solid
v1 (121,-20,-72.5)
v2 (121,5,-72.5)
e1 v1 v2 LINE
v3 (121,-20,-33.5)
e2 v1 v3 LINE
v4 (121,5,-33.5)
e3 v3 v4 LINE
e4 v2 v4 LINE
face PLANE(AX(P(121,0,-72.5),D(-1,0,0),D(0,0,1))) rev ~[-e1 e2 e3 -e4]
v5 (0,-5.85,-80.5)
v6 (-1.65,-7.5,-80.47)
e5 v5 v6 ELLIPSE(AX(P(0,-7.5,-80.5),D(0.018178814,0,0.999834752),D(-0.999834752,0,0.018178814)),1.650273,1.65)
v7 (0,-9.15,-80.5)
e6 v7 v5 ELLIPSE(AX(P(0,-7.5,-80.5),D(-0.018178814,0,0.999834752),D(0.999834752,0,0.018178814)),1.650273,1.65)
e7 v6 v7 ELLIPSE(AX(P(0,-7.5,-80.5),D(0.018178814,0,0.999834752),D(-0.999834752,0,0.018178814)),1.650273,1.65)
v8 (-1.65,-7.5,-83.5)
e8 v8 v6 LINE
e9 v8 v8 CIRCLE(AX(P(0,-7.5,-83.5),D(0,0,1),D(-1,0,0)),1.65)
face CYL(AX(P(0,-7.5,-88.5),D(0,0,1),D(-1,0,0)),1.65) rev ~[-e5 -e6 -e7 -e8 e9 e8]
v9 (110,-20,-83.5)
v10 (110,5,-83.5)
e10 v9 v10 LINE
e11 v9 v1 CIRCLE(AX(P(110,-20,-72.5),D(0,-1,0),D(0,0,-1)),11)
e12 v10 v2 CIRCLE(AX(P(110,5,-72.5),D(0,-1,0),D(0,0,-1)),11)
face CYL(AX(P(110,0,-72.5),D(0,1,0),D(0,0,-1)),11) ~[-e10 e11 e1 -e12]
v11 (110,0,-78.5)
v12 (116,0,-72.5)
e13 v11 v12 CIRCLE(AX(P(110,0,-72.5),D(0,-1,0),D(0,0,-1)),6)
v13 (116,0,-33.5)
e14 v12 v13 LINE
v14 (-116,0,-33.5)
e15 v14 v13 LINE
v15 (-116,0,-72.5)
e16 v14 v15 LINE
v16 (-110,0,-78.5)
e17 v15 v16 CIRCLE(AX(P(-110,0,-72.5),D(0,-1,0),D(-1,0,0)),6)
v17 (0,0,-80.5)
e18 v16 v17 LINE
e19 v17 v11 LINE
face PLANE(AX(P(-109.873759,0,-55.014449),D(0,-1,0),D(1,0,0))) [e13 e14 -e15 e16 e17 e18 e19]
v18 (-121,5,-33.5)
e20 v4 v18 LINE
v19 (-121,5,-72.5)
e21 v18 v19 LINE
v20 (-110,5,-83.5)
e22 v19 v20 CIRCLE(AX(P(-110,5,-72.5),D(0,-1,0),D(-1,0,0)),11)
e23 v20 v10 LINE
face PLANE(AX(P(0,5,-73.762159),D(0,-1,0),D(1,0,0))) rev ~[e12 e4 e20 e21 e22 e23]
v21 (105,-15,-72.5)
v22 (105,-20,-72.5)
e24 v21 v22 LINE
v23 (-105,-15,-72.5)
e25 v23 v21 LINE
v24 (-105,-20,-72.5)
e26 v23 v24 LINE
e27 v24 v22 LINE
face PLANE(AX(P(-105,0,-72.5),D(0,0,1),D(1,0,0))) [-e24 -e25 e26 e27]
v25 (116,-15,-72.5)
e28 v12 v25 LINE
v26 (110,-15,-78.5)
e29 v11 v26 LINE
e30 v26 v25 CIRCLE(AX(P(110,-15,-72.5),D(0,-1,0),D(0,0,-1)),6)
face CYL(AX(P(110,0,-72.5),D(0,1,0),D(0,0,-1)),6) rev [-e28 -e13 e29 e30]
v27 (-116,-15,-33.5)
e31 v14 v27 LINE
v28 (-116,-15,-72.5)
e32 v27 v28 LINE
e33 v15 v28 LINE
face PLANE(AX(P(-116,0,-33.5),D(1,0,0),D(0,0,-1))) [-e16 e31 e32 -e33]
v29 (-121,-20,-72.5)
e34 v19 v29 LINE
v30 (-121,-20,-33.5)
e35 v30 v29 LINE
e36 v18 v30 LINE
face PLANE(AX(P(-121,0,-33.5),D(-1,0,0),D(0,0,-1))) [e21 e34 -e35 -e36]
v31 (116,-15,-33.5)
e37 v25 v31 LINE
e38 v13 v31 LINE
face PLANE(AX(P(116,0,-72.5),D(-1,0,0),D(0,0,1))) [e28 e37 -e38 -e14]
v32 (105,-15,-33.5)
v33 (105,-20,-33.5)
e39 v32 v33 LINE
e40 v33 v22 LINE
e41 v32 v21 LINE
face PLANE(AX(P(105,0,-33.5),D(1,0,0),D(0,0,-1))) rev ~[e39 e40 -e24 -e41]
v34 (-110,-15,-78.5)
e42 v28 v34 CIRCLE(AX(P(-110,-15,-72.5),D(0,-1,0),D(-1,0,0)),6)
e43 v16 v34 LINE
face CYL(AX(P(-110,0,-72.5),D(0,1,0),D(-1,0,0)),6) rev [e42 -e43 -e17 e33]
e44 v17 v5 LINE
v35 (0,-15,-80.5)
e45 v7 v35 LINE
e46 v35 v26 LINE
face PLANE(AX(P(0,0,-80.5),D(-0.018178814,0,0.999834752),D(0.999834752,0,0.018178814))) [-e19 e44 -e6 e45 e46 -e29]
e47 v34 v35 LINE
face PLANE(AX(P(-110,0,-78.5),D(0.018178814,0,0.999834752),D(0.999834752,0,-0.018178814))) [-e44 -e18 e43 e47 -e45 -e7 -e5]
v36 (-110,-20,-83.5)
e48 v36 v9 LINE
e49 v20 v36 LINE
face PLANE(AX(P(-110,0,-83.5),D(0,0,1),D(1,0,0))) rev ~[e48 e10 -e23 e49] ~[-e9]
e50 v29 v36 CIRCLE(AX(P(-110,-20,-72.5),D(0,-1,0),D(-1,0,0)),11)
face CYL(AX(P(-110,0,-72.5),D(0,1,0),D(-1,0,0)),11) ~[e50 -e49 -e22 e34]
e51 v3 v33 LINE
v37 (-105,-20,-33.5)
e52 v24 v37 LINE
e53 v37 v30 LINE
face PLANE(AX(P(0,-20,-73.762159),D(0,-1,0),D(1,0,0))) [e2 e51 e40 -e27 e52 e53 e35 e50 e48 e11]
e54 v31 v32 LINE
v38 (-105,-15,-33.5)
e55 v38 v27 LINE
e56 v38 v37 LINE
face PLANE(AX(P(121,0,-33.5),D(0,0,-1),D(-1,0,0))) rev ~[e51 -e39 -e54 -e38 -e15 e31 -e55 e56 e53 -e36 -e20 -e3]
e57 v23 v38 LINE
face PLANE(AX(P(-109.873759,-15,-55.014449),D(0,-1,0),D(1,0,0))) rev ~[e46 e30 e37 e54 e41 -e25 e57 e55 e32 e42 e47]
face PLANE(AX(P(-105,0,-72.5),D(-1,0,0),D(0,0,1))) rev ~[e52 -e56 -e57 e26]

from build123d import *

# Parameters (mm, degrees)
F0_W     = 210
F0_H     = 39
F0_H_2   = 5
F1_DEPTH = 5
F2_DEPTH = 20
F3_DEPTH = 15
F5_D     = 3.3
F5_DEPTH = 5
F5_TIP   = 0.9914200214


with BuildPart() as f1:
    # F0 (on Front) → F1 (new body)
    with BuildSketch(Plane.XZ):
        with BuildLine():
            Line((121, -33.5), (116, -33.5))
            Line((116, -33.5), (116, -72.5))
            ThreePointArc((116, -72.5), (114.2426406871, -76.7426406871), (110, -78.5))
            Line((110, -78.5), (0, -80.5))
            Line((0, -80.5), (-110, -78.5))
            ThreePointArc((-110, -78.5), (-114.2426406871, -76.7426406871), (-116, -72.5))
            Line((-116, -72.5), (-116, -33.5))
            Line((-116, -33.5), (-121, -33.5))
            Line((-121, -33.5), (-121, -72.5))
            ThreePointArc((-121, -72.5), (-117.7781745931, -80.2781745931), (-110, -83.5))
            Line((-110, -83.5), (110, -83.5))
            ThreePointArc((110, -83.5), (117.7781745931, -80.2781745931), (121, -72.5))
            Line((121, -72.5), (121, -33.5))
        make_face()
        with BuildLine():
            Line((116, -33.5), (115, -33.5))
            Line((115, -33.5), (115, -72.5))
            ThreePointArc((115, -72.5), (113.5355339059, -76.0355339059), (110, -77.5))
            Line((110, -77.5), (105, -77.5))
            Line((105, -77.5), (-105, -77.5))
            Line((-105, -77.5), (-110, -77.5))
            ThreePointArc((-110, -77.5), (-113.5355339059, -76.0355339059), (-115, -72.5))
            Line((-115, -72.5), (-115, -33.5))
            Line((-115, -33.5), (-116, -33.5))
            Line((-116, -33.5), (-116, -72.5))
            ThreePointArc((-116, -72.5), (-114.2426406871, -76.7426406871), (-110, -78.5))
            Line((-110, -78.5), (110, -78.5))
            ThreePointArc((110, -78.5), (114.2426406871, -76.7426406871), (116, -72.5))
            Line((116, -72.5), (116, -33.5))
        make_face()
        with BuildLine():
            Line((-105, -33.5), (-115, -33.5))
            Line((-115, -33.5), (-115, -72.5))
            ThreePointArc((-115, -72.5), (-113.5355339059, -76.0355339059), (-110, -77.5))
            Line((-110, -77.5), (-105, -77.5))
            Line((-105, -77.5), (-105, -72.5))
            Line((-105, -72.5), (-105, -33.5))
        make_face()
        with BuildLine():
            Line((115, -72.5), (115, -33.5))
            Line((115, -33.5), (105, -33.5))
            Line((105, -33.5), (105, -72.5))
            Line((105, -72.5), (105, -77.5))
            Line((105, -77.5), (110, -77.5))
            ThreePointArc((110, -77.5), (113.5355339059, -76.0355339059), (115, -72.5))
        make_face()
        with Locations((0, -53)):
            Rectangle(F0_W, F0_H)
        with Locations((0, -75)):
            Rectangle(F0_W, F0_H_2)
        Polygon((0, -80.5), (110, -78.5), (-110, -78.5), align=None)
    extrude(amount=-F1_DEPTH)

    # F0 (on Front) → F2 (join)
    with BuildSketch(Plane.XZ):
        with BuildLine():
            Line((121, -33.5), (116, -33.5))
            Line((116, -33.5), (116, -72.5))
            ThreePointArc((116, -72.5), (114.2426406871, -76.7426406871), (110, -78.5))
            Line((110, -78.5), (0, -80.5))
            Line((0, -80.5), (-110, -78.5))
            ThreePointArc((-110, -78.5), (-114.2426406871, -76.7426406871), (-116, -72.5))
            Line((-116, -72.5), (-116, -33.5))
            Line((-116, -33.5), (-121, -33.5))
            Line((-121, -33.5), (-121, -72.5))
            ThreePointArc((-121, -72.5), (-117.7781745931, -80.2781745931), (-110, -83.5))
            Line((-110, -83.5), (110, -83.5))
            ThreePointArc((110, -83.5), (117.7781745931, -80.2781745931), (121, -72.5))
            Line((121, -72.5), (121, -33.5))
        make_face()
        with BuildLine():
            Line((116, -33.5), (115, -33.5))
            Line((115, -33.5), (115, -72.5))
            ThreePointArc((115, -72.5), (113.5355339059, -76.0355339059), (110, -77.5))
            Line((110, -77.5), (105, -77.5))
            Line((105, -77.5), (-105, -77.5))
            Line((-105, -77.5), (-110, -77.5))
            ThreePointArc((-110, -77.5), (-113.5355339059, -76.0355339059), (-115, -72.5))
            Line((-115, -72.5), (-115, -33.5))
            Line((-115, -33.5), (-116, -33.5))
            Line((-116, -33.5), (-116, -72.5))
            ThreePointArc((-116, -72.5), (-114.2426406871, -76.7426406871), (-110, -78.5))
            Line((-110, -78.5), (110, -78.5))
            ThreePointArc((110, -78.5), (114.2426406871, -76.7426406871), (116, -72.5))
            Line((116, -72.5), (116, -33.5))
        make_face()
        with BuildLine():
            Line((-105, -33.5), (-115, -33.5))
            Line((-115, -33.5), (-115, -72.5))
            ThreePointArc((-115, -72.5), (-113.5355339059, -76.0355339059), (-110, -77.5))
            Line((-110, -77.5), (-105, -77.5))
            Line((-105, -77.5), (-105, -72.5))
            Line((-105, -72.5), (-105, -33.5))
        make_face()
        with BuildLine():
            Line((115, -72.5), (115, -33.5))
            Line((115, -33.5), (105, -33.5))
            Line((105, -33.5), (105, -72.5))
            Line((105, -72.5), (105, -77.5))
            Line((105, -77.5), (110, -77.5))
            ThreePointArc((110, -77.5), (113.5355339059, -76.0355339059), (115, -72.5))
        make_face()
        Polygon((0, -80.5), (110, -78.5), (-110, -78.5), align=None)
        with Locations((0, -75)):
            Rectangle(F0_W, F0_H_2)
    extrude(amount=F2_DEPTH)

    # F0 (on Front) → F3 (cut)
    with BuildSketch(Plane.XZ):
        with BuildLine():
            Line((-105, -33.5), (-115, -33.5))
            Line((-115, -33.5), (-115, -72.5))
            ThreePointArc((-115, -72.5), (-113.5355339059, -76.0355339059), (-110, -77.5))
            Line((-110, -77.5), (-105, -77.5))
            Line((-105, -77.5), (-105, -72.5))
            Line((-105, -72.5), (-105, -33.5))
        make_face()
        with BuildLine():
            Line((116, -33.5), (115, -33.5))
            Line((115, -33.5), (115, -72.5))
            ThreePointArc((115, -72.5), (113.5355339059, -76.0355339059), (110, -77.5))
            Line((110, -77.5), (105, -77.5))
            Line((105, -77.5), (-105, -77.5))
            Line((-105, -77.5), (-110, -77.5))
            ThreePointArc((-110, -77.5), (-113.5355339059, -76.0355339059), (-115, -72.5))
            Line((-115, -72.5), (-115, -33.5))
            Line((-115, -33.5), (-116, -33.5))
            Line((-116, -33.5), (-116, -72.5))
            ThreePointArc((-116, -72.5), (-114.2426406871, -76.7426406871), (-110, -78.5))
            Line((-110, -78.5), (110, -78.5))
            ThreePointArc((110, -78.5), (114.2426406871, -76.7426406871), (116, -72.5))
            Line((116, -72.5), (116, -33.5))
        make_face()
        with BuildLine():
            Line((115, -72.5), (115, -33.5))
            Line((115, -33.5), (105, -33.5))
            Line((105, -33.5), (105, -72.5))
            Line((105, -72.5), (105, -77.5))
            Line((105, -77.5), (110, -77.5))
            ThreePointArc((110, -77.5), (113.5355339059, -76.0355339059), (115, -72.5))
        make_face()
        Polygon((0, -80.5), (110, -78.5), (-110, -78.5), align=None)
        with Locations((0, -75)):
            Rectangle(F0_W, F0_H_2)
    extrude(amount=F3_DEPTH, mode=Mode.SUBTRACT)

    # F5
    with Locations(Plane(origin=(0, 0, -83.5), x_dir=(1, 0, 0), z_dir=(0, 0, -1))):
        with Locations((0, 7.5)):
            Hole(F5_D / 2, depth=F5_DEPTH)
            with Locations((0, 0, -(F5_DEPTH + F5_TIP / 2))):  # 118° drill point
                Cone(0, F5_D / 2, F5_TIP, mode=Mode.SUBTRACT)


solid = f1.part
